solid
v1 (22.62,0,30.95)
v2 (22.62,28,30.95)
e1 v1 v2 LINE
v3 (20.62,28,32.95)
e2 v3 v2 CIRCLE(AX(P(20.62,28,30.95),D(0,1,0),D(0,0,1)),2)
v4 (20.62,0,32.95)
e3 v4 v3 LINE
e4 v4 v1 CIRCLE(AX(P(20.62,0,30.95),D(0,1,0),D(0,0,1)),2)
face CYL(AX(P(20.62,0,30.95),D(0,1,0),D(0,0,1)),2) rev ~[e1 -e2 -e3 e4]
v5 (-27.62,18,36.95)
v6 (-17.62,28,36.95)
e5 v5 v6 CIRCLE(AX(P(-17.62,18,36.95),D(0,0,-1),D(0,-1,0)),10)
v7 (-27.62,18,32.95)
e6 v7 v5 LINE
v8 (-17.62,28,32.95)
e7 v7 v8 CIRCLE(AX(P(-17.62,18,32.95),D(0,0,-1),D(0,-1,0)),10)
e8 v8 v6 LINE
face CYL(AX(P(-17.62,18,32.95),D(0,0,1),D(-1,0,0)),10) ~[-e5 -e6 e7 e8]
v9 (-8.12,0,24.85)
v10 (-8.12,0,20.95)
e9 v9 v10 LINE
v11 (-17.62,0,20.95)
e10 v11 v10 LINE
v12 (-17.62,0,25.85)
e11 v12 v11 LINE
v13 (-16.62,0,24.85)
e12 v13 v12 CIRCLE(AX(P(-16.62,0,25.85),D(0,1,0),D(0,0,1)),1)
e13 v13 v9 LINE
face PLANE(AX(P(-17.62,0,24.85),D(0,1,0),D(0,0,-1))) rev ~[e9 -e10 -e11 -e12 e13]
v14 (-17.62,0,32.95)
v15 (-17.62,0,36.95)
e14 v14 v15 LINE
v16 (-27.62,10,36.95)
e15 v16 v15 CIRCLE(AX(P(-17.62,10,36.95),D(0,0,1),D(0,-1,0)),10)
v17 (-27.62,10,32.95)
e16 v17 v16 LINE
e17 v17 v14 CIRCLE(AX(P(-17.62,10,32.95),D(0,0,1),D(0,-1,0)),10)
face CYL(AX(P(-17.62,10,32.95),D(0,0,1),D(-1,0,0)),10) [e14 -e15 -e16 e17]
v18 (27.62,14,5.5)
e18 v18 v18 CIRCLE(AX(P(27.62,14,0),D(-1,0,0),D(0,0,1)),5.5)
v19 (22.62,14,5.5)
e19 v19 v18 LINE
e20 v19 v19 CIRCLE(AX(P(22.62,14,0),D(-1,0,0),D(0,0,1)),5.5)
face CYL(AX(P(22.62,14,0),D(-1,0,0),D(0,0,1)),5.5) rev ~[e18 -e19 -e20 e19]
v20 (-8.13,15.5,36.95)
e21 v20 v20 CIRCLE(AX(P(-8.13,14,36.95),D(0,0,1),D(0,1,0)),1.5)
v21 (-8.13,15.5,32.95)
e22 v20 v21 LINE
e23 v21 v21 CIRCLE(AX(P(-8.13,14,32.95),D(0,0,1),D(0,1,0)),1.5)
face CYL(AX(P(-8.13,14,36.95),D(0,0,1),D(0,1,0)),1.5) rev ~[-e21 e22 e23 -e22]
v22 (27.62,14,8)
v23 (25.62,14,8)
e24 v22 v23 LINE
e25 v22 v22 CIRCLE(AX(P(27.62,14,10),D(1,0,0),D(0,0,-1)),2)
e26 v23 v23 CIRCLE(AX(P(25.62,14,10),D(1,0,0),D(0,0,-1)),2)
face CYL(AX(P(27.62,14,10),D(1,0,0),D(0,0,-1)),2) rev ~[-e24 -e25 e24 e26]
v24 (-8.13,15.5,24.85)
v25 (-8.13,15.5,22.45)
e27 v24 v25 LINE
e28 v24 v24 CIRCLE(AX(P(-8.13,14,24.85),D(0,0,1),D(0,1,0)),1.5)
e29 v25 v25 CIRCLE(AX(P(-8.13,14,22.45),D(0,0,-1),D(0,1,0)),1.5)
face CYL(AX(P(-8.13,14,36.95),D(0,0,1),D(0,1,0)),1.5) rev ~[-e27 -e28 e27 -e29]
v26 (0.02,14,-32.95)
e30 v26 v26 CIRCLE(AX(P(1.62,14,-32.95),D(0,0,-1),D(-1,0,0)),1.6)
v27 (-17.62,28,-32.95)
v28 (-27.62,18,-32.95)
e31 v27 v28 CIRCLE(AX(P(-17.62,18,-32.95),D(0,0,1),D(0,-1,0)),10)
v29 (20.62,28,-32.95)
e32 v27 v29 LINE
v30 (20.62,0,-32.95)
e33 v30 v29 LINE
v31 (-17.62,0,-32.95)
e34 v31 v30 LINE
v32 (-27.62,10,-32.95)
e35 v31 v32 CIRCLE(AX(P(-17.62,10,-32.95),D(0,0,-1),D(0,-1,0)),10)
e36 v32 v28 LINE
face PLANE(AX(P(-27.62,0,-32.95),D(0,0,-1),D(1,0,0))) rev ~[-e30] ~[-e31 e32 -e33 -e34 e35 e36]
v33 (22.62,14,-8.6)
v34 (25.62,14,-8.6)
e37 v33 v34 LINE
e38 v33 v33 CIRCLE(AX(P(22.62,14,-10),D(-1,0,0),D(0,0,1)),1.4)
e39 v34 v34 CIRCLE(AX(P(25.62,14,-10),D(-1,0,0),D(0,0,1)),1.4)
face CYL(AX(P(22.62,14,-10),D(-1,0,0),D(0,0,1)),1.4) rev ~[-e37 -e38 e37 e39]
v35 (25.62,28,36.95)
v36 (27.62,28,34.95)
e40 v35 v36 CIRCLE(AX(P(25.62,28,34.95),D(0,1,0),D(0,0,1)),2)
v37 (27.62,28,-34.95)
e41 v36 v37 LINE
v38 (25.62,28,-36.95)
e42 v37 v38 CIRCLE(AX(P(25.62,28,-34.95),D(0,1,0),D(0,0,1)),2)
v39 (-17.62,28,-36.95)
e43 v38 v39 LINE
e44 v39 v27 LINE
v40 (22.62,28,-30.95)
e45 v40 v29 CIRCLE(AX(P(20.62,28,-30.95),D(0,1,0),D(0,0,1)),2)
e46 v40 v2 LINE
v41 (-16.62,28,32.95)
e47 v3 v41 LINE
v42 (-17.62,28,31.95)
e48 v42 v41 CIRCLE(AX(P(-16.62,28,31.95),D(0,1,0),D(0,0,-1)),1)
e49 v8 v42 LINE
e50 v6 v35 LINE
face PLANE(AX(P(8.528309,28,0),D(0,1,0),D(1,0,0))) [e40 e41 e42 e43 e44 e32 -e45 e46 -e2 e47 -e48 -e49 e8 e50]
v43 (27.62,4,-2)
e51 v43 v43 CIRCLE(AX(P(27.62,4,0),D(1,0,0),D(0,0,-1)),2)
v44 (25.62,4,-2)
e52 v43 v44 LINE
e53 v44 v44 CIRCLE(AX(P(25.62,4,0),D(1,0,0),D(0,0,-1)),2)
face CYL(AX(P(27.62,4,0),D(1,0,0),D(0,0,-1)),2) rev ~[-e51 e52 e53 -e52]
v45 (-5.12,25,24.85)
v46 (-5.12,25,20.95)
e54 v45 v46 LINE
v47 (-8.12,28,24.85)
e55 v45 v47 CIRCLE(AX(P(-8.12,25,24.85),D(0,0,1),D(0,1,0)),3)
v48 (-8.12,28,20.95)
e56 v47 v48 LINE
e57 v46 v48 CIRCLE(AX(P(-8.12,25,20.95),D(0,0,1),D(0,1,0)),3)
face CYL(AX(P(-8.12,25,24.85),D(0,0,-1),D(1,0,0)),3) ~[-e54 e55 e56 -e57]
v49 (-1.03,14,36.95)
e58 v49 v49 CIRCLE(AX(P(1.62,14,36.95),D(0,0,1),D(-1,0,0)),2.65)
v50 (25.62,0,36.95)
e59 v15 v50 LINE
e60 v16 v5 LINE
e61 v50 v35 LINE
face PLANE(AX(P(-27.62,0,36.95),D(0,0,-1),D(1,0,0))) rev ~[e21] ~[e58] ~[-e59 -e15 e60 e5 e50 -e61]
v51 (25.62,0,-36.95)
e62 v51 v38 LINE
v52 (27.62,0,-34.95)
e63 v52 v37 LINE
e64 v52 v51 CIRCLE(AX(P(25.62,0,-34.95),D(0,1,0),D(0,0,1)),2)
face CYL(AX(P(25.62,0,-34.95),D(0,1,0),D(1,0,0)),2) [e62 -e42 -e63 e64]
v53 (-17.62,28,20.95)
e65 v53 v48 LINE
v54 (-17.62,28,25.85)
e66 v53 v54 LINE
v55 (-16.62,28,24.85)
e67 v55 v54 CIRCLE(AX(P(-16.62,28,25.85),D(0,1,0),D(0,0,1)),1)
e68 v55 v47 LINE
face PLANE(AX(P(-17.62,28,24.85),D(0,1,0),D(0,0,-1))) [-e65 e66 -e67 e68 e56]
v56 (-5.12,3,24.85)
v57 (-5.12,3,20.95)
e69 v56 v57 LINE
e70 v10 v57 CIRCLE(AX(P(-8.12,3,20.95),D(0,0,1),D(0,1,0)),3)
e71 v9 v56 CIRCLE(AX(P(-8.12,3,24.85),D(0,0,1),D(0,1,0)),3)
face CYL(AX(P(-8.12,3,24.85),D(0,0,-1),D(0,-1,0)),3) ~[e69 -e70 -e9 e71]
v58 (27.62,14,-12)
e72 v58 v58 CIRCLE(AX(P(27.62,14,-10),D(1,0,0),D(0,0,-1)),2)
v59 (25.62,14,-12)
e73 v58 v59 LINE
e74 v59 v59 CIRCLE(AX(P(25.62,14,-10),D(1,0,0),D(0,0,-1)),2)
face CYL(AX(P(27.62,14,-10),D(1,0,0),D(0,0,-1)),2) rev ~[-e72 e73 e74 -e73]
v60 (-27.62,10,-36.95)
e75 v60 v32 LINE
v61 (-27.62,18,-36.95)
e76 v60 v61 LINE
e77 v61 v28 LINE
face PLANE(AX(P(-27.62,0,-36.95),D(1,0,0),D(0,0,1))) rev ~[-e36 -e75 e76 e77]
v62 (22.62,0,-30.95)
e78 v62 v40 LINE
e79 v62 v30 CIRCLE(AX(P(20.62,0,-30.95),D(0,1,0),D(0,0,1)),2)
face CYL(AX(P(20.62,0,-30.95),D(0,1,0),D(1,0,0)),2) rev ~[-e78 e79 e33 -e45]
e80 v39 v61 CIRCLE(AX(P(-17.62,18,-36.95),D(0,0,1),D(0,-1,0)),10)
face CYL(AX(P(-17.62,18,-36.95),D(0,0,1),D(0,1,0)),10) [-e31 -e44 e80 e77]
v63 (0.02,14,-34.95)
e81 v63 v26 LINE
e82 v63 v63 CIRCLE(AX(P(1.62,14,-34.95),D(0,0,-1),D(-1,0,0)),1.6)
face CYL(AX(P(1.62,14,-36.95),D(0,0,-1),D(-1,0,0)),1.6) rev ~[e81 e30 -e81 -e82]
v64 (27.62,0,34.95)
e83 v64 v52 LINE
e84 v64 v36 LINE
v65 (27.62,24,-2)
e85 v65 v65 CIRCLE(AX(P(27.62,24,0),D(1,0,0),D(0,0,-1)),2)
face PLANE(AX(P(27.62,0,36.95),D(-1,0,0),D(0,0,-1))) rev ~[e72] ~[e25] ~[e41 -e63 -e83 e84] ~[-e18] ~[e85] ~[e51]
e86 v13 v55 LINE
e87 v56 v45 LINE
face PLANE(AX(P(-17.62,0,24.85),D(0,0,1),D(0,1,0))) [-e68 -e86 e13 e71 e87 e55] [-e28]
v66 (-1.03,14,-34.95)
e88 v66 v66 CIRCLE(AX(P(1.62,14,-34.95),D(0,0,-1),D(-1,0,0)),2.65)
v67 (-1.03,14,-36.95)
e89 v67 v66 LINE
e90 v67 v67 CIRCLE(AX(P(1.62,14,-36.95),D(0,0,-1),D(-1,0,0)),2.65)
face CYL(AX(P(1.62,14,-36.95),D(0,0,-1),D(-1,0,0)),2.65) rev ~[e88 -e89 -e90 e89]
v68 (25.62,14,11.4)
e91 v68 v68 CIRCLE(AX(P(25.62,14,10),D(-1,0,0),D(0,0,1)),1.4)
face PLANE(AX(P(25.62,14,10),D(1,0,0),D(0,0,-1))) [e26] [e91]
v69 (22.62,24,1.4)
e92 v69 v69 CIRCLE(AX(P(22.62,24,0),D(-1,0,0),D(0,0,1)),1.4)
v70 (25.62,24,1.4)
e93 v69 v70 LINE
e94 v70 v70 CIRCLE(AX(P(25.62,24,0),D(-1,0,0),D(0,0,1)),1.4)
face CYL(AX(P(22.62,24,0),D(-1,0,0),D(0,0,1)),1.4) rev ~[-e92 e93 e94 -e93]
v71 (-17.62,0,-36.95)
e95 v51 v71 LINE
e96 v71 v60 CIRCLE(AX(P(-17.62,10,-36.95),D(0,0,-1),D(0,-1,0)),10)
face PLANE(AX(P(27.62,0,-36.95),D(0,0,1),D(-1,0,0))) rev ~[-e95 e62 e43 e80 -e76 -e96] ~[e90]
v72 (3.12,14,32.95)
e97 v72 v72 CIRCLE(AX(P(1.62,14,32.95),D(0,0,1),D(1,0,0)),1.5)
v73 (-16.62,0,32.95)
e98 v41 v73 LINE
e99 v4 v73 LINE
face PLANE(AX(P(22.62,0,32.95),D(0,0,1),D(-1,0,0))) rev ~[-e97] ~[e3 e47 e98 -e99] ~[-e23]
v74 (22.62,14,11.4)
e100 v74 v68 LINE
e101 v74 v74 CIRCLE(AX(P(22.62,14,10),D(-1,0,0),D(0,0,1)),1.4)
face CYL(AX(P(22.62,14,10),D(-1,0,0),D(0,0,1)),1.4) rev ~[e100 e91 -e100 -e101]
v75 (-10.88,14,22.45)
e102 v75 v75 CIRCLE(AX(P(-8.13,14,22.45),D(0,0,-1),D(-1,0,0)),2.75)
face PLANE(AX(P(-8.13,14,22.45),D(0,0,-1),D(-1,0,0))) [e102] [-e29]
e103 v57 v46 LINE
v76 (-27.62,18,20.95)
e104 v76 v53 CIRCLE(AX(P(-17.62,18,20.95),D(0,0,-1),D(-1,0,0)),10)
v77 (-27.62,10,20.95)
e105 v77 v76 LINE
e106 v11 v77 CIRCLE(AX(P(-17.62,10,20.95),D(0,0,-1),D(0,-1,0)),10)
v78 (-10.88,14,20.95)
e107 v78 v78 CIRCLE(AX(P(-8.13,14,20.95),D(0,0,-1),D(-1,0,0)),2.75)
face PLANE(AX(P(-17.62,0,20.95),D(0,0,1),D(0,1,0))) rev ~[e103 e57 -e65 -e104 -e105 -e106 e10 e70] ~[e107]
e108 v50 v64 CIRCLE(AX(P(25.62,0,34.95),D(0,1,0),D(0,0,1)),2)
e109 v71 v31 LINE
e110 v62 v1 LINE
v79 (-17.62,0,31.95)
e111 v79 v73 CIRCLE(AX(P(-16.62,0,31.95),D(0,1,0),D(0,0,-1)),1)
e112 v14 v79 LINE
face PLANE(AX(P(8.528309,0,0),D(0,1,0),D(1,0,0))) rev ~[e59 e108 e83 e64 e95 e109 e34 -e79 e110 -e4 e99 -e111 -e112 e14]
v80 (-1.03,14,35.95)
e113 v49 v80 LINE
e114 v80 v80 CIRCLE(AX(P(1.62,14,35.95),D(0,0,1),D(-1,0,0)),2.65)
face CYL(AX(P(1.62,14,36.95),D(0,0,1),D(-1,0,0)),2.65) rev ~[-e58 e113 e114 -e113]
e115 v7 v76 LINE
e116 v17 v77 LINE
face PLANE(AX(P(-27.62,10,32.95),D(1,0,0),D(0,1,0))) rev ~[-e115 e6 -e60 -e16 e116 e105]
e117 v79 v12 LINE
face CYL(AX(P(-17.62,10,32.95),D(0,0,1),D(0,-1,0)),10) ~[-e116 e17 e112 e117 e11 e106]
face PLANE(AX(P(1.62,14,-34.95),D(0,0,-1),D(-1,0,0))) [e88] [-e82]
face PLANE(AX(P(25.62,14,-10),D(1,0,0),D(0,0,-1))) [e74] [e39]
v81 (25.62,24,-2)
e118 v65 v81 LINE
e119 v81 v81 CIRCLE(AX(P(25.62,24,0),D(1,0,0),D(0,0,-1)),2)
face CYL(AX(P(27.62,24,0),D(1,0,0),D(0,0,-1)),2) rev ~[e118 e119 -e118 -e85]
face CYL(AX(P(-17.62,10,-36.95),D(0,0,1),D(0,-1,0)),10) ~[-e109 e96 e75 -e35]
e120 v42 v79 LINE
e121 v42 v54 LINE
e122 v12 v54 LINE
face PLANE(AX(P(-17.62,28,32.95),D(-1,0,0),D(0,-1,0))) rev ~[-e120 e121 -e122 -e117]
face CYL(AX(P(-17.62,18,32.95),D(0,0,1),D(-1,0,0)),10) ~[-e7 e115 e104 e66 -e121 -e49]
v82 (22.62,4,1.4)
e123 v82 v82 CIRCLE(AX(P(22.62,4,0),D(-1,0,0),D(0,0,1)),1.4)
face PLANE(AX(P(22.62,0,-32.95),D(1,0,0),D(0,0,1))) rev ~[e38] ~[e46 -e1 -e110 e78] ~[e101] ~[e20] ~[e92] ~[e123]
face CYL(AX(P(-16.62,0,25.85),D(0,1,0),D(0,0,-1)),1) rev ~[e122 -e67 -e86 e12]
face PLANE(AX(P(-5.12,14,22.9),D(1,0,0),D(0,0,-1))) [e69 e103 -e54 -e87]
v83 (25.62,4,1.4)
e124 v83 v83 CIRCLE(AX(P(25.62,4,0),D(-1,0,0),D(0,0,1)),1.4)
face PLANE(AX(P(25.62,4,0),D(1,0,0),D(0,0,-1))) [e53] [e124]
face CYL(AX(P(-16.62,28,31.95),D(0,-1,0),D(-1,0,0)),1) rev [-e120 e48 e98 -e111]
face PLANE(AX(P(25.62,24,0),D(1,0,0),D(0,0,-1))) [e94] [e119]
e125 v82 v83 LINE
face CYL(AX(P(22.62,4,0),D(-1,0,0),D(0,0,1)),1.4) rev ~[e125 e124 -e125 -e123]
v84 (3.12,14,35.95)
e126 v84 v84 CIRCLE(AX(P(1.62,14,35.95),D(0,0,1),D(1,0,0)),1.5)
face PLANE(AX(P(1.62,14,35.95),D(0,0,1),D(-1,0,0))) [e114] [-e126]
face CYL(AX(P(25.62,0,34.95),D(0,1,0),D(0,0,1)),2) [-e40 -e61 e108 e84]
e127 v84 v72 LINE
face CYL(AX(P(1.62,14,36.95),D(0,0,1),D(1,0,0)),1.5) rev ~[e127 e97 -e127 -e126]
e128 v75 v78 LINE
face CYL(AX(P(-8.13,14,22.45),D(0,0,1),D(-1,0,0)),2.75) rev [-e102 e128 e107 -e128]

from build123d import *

# Parameters (mm, degrees)
BOSS_EXTRUDE1_DEPTH = 28
SKETCH2_R           = 1.4
SKETCH2_R_2         = 5.5
CUT_EXTRUDE1_DEPTH  = 69.361978468
CUT_EXTRUDE2_REACH  = 85.714
SKETCH3_R           = 1.5
CUT_EXTRUDE3_REACH  = 85.714
SKETCH4_R           = 1.6
SKETCH6_R           = 2
CUT_EXTRUDE5_DEPTH  = 2
SKETCH7_R           = 2.65
CUT_EXTRUDE6_DEPTH  = 2
FILLET1_R           = 10
FILLET2_R           = 2
BOSS_EXTRUDE2_DEPTH = 12
SKETCH10_W          = 3.9
SKETCH10_H          = 28
BOSS_EXTRUDE3_DEPTH = 12.5
CUT_EXTRUDE8_REACH  = 85.714
SKETCH8_R           = 1.5
CUT_EXTRUDE9_START  = -1.5
SKETCH11_R          = 2.75
SKETCH11_R_2        = 1.5
CUT_EXTRUDE9_DEPTH  = 1.5
FILLET3_R           = 3
FILLET4_R           = 1
SKETCH12_R          = 2.65
SKETCH12_R_2        = 1.5
CUT_EXTRUDE10_DEPTH = 1


with BuildPart() as part:
    # Sketch1 → Boss-Extrude1 (new body)
    with BuildSketch(Plane(origin=(0, 0, 0), x_dir=(1, 0, 0), z_dir=(0, 1, 0))):
        Polygon((-27.62, -36.95), (27.62, -36.95), (27.62, 36.95), (-27.62, 36.95), (-27.62, 32.95), (22.62, 32.95), (22.62, -32.95), (-27.62, -32.95), align=None)
    extrude(amount=BOSS_EXTRUDE1_DEPTH)

    # Sketch2 → Cut-Extrude1 (cut, through all)
    with BuildSketch(Plane.ZY.offset(-22.62)):
        with Locations((0, 4)):
            Circle(SKETCH2_R)
        with Locations((0, 24)):
            Circle(SKETCH2_R)
        with Locations((-10, 14)):
            Circle(SKETCH2_R)
        with Locations((10, 14)):
            Circle(SKETCH2_R)
        with Locations((0, 14)):
            Circle(SKETCH2_R_2)
    extrude(amount=-CUT_EXTRUDE1_DEPTH, mode=Mode.SUBTRACT)

    # Sketch3 → Cut-Extrude2 (cut, up to next)
    with BuildSketch(Plane.XY.offset(36.95), mode=Mode.PRIVATE) as cut_extrude2_sk1:
        with Locations((1.62, 14)):
            Circle(SKETCH3_R)
    cut_extrude2_tool1 = extrude(cut_extrude2_sk1.sketch, amount=-CUT_EXTRUDE2_REACH, mode=Mode.PRIVATE) & part.part
    add(cut_extrude2_tool1.solids().sort_by_distance((1.62, 14, 36.95))[0], mode=Mode.SUBTRACT)

    # Sketch4 → Cut-Extrude3 (cut, up to next)
    with BuildSketch(Plane(origin=(0, 0, -36.95), x_dir=(-1, 0, 0), z_dir=(0, 0, -1)), mode=Mode.PRIVATE) as cut_extrude3_sk1:
        with Locations((-1.62, 14)):
            Circle(SKETCH4_R)
    cut_extrude3_tool1 = extrude(cut_extrude3_sk1.sketch, amount=-CUT_EXTRUDE3_REACH, mode=Mode.PRIVATE) & part.part
    add(cut_extrude3_tool1.solids().sort_by_distance((1.62, 14, -36.95))[0], mode=Mode.SUBTRACT)

    # Sketch6 → Cut-Extrude5 (cut)
    with BuildSketch(Plane(origin=(27.62, 0, 0), x_dir=(0, 0, -1), z_dir=(1, 0, 0))):
        with Locations((0, 24)):
            Circle(SKETCH6_R)
        with Locations((10, 14)):
            Circle(SKETCH6_R)
        with Locations((0, 4)):
            Circle(SKETCH6_R)
        with Locations((-10, 14)):
            Circle(SKETCH6_R)
    extrude(amount=-CUT_EXTRUDE5_DEPTH, mode=Mode.SUBTRACT)

    # Sketch7 → Cut-Extrude6 (cut)
    with BuildSketch(Plane(origin=(0, 0, -36.95), x_dir=(-1, 0, 0), z_dir=(0, 0, -1))):
        with Locations((-1.62, 14)):
            Circle(SKETCH7_R)
    extrude(amount=-CUT_EXTRUDE6_DEPTH, mode=Mode.SUBTRACT)

    # Fillet1
    fillet1_edges = [part.edges().sort_by_distance(p)[0] for p in [
        (-27.62, 0, 34.95),
        (-27.62, 28, 34.95),
        (-27.62, 28, -34.95),
        (-27.62, 0, -34.95),
    ]]
    fillet(fillet1_edges, radius=FILLET1_R)

    # Fillet2
    fillet2_edges = [part.edges().sort_by_distance(p)[0] for p in [
        (27.62, 14, -36.95),
        (27.62, 14, 36.95),
        (22.62, 14, 32.95),
        (22.62, 14, -32.95),
    ]]
    fillet(fillet2_edges, radius=FILLET2_R)

    # Sketch9 → Boss-Extrude2 (add)
    with BuildSketch(Plane(origin=(0, 0, 32.95), x_dir=(-1, 0, 0), z_dir=(0, 0, -1))):
        with BuildLine():
            Line((17.62, 28), (17.62, 0))
            ThreePointArc((17.62, 0), (24.691067812, 2.928932188), (27.62, 10))
            Line((27.62, 10), (27.62, 18))
            ThreePointArc((27.62, 18), (24.691067812, 25.071067812), (17.62, 28))
        make_face()
    extrude(amount=BOSS_EXTRUDE2_DEPTH)

    # Sketch10 → Boss-Extrude3 (add)
    with BuildSketch(Plane(origin=(-17.62, 0, 0), x_dir=(0, 0, -1), z_dir=(1, 0, 0))):
        with Locations((-22.9, 14)):
            Rectangle(SKETCH10_W, SKETCH10_H)
    extrude(amount=BOSS_EXTRUDE3_DEPTH)

    # Cut-Extrude8: up to this face of the body (flat: up to its plane)
    cut_extrude8_end = Plane(part.part.faces().sort_by_distance((-15.710832536, 14, 20.95))[0])
    # Sketch8 → Cut-Extrude8 (cut, up to the picked face)
    with BuildSketch(Plane.XY.offset(36.95), mode=Mode.PRIVATE) as cut_extrude8_sk1:
        with Locations(Location((-8.13, 14, 0), (0, 0, 90))):
            Circle(SKETCH8_R)
    cut_extrude8_tool1 = split(extrude(cut_extrude8_sk1.sketch, amount=-CUT_EXTRUDE8_REACH, mode=Mode.PRIVATE), bisect_by=cut_extrude8_end, keep=Keep.BOTH, mode=Mode.PRIVATE)
    add(cut_extrude8_tool1.solids().sort_by(Axis((-8.13, 14, 36.95), (0, 0, -1)))[0], mode=Mode.SUBTRACT)

    # Sketch11 → Cut-Extrude9 (cut)
    with BuildSketch(Plane(origin=(0, 0, 20.95), x_dir=(-1, 0, 0), z_dir=(0, 0, -1)).offset(CUT_EXTRUDE9_START)):
        with Locations((8.13, 14)):
            Circle(SKETCH11_R)
        with Locations(Location((8.13, 14, 0), (0, 0, 90))):
            Circle(SKETCH11_R_2, mode=Mode.SUBTRACT)
    extrude(amount=CUT_EXTRUDE9_DEPTH, mode=Mode.SUBTRACT)

    # Fillet3
    fillet3_edges = [part.edges().sort_by_distance(p)[0] for p in [
        (-5.12, 0, 22.9),
        (-5.12, 28, 22.9),
    ]]
    fillet(fillet3_edges, radius=FILLET3_R)

    # Fillet4
    fillet4_edges = [part.edges().sort_by_distance(p)[0] for p in [
        (-17.62, 14, 32.95),
        (-17.62, 14, 24.85),
    ]]
    fillet(fillet4_edges, radius=FILLET4_R)

    # Sketch12 → Cut-Extrude10 (cut)
    with BuildSketch(Plane.XY.offset(36.95)):
        with Locations(Location((1.62, 14, 0), (0, 0, 180))):
            Circle(SKETCH12_R)
        with Locations((1.62, 14)):
            Circle(SKETCH12_R_2, mode=Mode.SUBTRACT)
    extrude(amount=-CUT_EXTRUDE10_DEPTH, mode=Mode.SUBTRACT)


solid = part.part
